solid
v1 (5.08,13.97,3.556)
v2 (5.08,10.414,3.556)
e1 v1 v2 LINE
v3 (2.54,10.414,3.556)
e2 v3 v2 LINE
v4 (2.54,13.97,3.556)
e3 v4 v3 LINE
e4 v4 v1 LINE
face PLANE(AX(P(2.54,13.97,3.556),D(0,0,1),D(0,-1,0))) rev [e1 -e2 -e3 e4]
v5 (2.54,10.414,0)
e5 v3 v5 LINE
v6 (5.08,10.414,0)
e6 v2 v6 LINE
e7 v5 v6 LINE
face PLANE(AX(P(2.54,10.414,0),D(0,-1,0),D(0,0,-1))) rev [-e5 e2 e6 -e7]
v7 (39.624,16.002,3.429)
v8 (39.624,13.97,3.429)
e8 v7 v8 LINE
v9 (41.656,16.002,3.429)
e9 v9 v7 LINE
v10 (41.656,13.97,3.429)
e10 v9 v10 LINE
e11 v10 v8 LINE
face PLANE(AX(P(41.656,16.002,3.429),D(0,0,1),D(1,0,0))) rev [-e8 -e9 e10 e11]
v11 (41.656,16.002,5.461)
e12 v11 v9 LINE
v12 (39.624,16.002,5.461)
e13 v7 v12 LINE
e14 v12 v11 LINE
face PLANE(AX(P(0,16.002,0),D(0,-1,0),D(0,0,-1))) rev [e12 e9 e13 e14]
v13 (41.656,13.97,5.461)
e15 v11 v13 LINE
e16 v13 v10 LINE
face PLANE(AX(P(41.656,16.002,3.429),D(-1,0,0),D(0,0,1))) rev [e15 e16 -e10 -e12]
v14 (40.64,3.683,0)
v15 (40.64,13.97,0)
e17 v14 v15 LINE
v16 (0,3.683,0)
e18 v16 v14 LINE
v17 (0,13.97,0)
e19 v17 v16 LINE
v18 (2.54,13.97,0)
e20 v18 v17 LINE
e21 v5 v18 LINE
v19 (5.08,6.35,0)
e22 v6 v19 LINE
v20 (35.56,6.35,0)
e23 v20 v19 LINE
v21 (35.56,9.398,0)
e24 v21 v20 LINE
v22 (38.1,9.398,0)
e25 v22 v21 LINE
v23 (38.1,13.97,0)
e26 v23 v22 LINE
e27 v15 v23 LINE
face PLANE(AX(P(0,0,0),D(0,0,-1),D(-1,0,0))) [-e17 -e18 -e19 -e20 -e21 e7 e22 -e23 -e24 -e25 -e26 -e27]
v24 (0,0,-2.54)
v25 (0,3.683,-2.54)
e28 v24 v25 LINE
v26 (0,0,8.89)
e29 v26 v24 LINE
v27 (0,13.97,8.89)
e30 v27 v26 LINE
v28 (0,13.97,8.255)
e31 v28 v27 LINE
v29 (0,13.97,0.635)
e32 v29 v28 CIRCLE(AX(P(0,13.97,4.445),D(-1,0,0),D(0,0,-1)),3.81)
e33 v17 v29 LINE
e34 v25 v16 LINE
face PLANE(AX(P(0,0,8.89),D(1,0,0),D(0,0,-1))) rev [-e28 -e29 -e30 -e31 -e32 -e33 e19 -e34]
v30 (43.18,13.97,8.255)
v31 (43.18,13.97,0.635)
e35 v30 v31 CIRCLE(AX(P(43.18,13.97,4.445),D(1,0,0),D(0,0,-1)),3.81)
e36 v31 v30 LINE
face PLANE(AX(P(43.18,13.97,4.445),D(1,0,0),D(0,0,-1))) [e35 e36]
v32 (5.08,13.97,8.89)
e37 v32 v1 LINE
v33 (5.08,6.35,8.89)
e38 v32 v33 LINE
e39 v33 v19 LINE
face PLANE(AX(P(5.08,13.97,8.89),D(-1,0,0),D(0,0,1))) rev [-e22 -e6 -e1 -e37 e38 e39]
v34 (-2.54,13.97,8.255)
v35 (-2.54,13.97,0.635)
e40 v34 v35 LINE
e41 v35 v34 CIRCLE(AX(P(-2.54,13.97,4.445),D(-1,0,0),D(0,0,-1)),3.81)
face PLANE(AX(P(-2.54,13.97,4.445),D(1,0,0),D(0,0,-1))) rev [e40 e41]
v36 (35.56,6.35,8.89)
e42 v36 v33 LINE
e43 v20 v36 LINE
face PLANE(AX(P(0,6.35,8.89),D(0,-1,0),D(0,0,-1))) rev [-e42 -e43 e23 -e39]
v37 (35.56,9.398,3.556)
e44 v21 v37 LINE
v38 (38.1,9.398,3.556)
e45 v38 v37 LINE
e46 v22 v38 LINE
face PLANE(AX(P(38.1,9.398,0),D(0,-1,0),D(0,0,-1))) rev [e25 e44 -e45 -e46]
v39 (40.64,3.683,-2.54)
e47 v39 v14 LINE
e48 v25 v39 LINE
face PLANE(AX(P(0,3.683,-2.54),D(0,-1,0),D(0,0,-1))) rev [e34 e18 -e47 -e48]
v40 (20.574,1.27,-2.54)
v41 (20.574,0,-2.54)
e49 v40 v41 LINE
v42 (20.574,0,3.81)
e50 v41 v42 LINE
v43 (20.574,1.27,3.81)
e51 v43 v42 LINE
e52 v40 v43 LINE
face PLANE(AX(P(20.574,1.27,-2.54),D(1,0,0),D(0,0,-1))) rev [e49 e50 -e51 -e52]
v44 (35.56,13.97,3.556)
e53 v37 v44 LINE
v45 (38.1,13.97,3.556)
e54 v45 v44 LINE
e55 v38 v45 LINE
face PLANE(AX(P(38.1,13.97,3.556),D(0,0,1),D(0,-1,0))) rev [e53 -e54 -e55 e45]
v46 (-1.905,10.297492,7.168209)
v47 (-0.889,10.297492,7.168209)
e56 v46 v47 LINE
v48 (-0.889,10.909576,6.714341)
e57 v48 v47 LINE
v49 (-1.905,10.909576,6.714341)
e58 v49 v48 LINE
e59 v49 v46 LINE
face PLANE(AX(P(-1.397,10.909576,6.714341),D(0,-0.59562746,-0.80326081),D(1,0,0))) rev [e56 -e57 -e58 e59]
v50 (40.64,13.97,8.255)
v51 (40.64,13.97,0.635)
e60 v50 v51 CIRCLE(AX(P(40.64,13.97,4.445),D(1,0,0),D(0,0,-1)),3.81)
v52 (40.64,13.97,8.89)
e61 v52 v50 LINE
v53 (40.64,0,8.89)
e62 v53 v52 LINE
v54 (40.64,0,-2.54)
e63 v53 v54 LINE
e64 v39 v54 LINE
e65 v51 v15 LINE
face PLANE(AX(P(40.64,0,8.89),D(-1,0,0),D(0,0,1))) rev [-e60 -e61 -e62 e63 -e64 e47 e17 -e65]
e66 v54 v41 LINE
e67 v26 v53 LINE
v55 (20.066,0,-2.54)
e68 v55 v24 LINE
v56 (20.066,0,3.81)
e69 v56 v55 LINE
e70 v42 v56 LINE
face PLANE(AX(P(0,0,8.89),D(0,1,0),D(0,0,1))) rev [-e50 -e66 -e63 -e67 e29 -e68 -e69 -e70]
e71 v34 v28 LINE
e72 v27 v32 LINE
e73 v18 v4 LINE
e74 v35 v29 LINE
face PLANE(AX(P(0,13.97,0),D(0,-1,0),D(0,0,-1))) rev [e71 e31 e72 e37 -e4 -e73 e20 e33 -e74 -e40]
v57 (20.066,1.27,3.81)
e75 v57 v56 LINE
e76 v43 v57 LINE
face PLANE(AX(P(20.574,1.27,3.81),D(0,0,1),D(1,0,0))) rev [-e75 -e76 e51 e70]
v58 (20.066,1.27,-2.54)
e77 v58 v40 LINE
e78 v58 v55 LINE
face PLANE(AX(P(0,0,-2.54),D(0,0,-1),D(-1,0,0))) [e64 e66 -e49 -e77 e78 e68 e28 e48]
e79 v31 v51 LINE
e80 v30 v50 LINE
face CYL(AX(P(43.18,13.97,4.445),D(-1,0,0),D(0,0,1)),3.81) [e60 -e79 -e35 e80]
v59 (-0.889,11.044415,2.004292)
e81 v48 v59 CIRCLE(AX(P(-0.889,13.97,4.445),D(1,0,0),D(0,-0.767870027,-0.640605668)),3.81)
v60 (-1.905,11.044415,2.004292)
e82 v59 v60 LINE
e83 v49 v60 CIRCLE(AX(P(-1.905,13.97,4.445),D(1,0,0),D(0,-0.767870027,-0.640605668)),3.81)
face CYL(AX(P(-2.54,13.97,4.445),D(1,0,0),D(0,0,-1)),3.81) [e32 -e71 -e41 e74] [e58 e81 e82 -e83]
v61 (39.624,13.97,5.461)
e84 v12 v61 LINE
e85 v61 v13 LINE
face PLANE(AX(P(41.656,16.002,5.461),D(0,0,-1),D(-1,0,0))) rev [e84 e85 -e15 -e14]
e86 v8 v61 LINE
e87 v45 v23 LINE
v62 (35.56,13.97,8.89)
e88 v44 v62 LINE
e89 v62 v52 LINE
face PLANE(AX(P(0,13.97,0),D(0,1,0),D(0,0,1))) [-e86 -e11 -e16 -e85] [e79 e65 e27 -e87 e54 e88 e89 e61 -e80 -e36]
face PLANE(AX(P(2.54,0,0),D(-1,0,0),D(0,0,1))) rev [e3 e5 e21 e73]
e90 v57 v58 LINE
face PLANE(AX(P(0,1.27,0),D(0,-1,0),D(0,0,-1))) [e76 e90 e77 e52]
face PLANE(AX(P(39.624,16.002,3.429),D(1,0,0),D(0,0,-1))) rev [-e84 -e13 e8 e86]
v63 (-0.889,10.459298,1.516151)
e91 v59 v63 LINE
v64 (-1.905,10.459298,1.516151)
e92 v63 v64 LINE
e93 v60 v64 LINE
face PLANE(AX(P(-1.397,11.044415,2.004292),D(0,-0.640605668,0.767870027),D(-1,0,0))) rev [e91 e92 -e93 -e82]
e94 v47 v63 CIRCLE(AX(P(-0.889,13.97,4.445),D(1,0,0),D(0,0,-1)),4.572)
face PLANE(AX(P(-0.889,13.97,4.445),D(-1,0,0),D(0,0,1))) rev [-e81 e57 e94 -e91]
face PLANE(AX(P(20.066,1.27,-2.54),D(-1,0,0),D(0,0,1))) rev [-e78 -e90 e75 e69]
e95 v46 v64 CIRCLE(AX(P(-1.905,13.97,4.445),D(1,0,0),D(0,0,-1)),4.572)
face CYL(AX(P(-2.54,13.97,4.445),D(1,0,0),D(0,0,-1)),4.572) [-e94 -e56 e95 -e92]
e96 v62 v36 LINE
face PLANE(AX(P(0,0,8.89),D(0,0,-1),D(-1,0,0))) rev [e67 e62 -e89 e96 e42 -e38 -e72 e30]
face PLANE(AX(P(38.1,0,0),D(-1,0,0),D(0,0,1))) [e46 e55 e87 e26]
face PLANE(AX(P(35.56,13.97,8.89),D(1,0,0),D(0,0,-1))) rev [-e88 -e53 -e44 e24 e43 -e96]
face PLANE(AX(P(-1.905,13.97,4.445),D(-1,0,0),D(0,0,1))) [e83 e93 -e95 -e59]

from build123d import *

# Parameters (mm, degrees)
SKETCH1_W           = 40.64
SKETCH1_H           = 6.35
BOSS_EXTRUDE1_DEPTH = 8.89
SKETCH2_W           = 5.08
SKETCH2_H           = 8.89
BOSS_EXTRUDE2_DEPTH = 7.62
SKETCH3_W           = 5.08
SKETCH3_H           = 8.89
BOSS_EXTRUDE3_DEPTH = 7.62
SKETCH4_W           = 3.556
SKETCH4_H           = 3.556
CUT_EXTRUDE1_DEPTH  = 2.54
BOSS_EXTRUDE4_DEPTH = 2.54
SKETCH6_W           = 40.64
SKETCH6_H           = 3.683
BOSS_EXTRUDE5_DEPTH = 2.54
SKETCH7_W           = 3.556
SKETCH7_H           = 4.572
CUT_EXTRUDE2_DEPTH  = 2.54
BOSS_EXTRUDE6_START = 2.54
BOSS_EXTRUDE6_DEPTH = 2.54
WRAP2_SECTION_W     = 0.762
WRAP2_SECTION_H     = 1.016
WRAP2_ANGLE         = 76.394372684
SKETCH11_W          = 0.508
SKETCH11_H          = 6.35
CUT_EXTRUDE3_DEPTH  = 1.27
SKETCH12_W          = 2.032
SKETCH12_H          = 2.032
BOSS_EXTRUDE7_DEPTH = 2.032


with BuildPart() as part:
    # Sketch1 → Boss-Extrude1 (new body)
    with BuildSketch(Plane.XY):
        with Locations((20.32, 3.175)):
            Rectangle(SKETCH1_W, SKETCH1_H)
    extrude(amount=BOSS_EXTRUDE1_DEPTH)

    # Sketch2 → Boss-Extrude2 (add)
    with BuildSketch(Plane(origin=(0, 6.35, 0), x_dir=(1, 0, 0), z_dir=(0, 1, 0))):
        with Locations((2.54, -4.445)):
            Rectangle(SKETCH2_W, SKETCH2_H)
    extrude(amount=BOSS_EXTRUDE2_DEPTH)

    # Sketch3 → Boss-Extrude3 (add)
    with BuildSketch(Plane(origin=(0, 6.35, 0), x_dir=(1, 0, 0), z_dir=(0, 1, 0))):
        with Locations((38.1, -4.445)):
            Rectangle(SKETCH3_W, SKETCH3_H)
    extrude(amount=BOSS_EXTRUDE3_DEPTH)

    # Sketch4 → Cut-Extrude1 (cut)
    with BuildSketch(Plane(origin=(5.08, 0, 0), x_dir=(0, 0, -1), z_dir=(1, 0, 0))):
        with Locations((-1.778, 12.192)):
            Rectangle(SKETCH4_W, SKETCH4_H)
    extrude(amount=-CUT_EXTRUDE1_DEPTH, mode=Mode.SUBTRACT)

    # Sketch5 → Boss-Extrude4 (add)
    with BuildSketch(Plane.ZY):
        with BuildLine():
            Line((8.255, 13.97), (0.635, 13.97))
            ThreePointArc((0.635, 13.97), (4.445, 10.16), (8.255, 13.97))
        make_face()
    extrude(amount=BOSS_EXTRUDE4_DEPTH)

    # Sketch6 → Boss-Extrude5 (add)
    with BuildSketch(Plane(origin=(0, 0, 0), x_dir=(-1, 0, 0), z_dir=(0, 0, -1))):
        with Locations((-20.32, 1.8415)):
            Rectangle(SKETCH6_W, SKETCH6_H)
    extrude(amount=BOSS_EXTRUDE5_DEPTH)

    # Sketch7 → Cut-Extrude2 (cut)
    with BuildSketch(Plane.ZY.offset(-35.56)):
        with Locations((1.778, 11.684)):
            Rectangle(SKETCH7_W, SKETCH7_H)
    extrude(amount=-CUT_EXTRUDE2_DEPTH, mode=Mode.SUBTRACT)

    # Sketch8 → Boss-Extrude6 (add)
    with BuildSketch(Plane(origin=(40.64, 0, 0), x_dir=(0, 0, -1), z_dir=(1, 0, 0)).offset(BOSS_EXTRUDE6_START)):
        with BuildLine():
            Line((-0.635, 13.97), (-8.255, 13.97))
            ThreePointArc((-8.255, 13.97), (-4.445, 10.16), (-0.635, 13.97))
        make_face()
    extrude(amount=-BOSS_EXTRUDE6_DEPTH)

    # Wrap2 section (on wrap section) → Wrap2 (revolve)
    with BuildSketch(Plane(origin=(0, 13.97, 4.445), x_dir=(0, -0.8032608103480625, 0.5956274595407551), z_dir=(0, 0.5956274595407551, 0.8032608103480625))):
        with Locations((4.191, -1.397)):
            Rectangle(WRAP2_SECTION_W, WRAP2_SECTION_H)
    revolve(axis=Axis((0, 13.97, 4.445), (1, 0, 0)), revolution_arc=WRAP2_ANGLE)

    # Sketch11 → Cut-Extrude3 (cut)
    with BuildSketch(Plane.XZ):
        with Locations((20.32, 0.635)):
            Rectangle(SKETCH11_W, SKETCH11_H)
    extrude(amount=-CUT_EXTRUDE3_DEPTH, mode=Mode.SUBTRACT)

    # Sketch12 → Boss-Extrude7 (add)
    with BuildSketch(Plane(origin=(0, 13.97, 0), x_dir=(1, 0, 0), z_dir=(0, 1, 0))):
        with Locations((40.64, -4.445)):
            Rectangle(SKETCH12_W, SKETCH12_H)
    extrude(amount=BOSS_EXTRUDE7_DEPTH)


solid = part.part
